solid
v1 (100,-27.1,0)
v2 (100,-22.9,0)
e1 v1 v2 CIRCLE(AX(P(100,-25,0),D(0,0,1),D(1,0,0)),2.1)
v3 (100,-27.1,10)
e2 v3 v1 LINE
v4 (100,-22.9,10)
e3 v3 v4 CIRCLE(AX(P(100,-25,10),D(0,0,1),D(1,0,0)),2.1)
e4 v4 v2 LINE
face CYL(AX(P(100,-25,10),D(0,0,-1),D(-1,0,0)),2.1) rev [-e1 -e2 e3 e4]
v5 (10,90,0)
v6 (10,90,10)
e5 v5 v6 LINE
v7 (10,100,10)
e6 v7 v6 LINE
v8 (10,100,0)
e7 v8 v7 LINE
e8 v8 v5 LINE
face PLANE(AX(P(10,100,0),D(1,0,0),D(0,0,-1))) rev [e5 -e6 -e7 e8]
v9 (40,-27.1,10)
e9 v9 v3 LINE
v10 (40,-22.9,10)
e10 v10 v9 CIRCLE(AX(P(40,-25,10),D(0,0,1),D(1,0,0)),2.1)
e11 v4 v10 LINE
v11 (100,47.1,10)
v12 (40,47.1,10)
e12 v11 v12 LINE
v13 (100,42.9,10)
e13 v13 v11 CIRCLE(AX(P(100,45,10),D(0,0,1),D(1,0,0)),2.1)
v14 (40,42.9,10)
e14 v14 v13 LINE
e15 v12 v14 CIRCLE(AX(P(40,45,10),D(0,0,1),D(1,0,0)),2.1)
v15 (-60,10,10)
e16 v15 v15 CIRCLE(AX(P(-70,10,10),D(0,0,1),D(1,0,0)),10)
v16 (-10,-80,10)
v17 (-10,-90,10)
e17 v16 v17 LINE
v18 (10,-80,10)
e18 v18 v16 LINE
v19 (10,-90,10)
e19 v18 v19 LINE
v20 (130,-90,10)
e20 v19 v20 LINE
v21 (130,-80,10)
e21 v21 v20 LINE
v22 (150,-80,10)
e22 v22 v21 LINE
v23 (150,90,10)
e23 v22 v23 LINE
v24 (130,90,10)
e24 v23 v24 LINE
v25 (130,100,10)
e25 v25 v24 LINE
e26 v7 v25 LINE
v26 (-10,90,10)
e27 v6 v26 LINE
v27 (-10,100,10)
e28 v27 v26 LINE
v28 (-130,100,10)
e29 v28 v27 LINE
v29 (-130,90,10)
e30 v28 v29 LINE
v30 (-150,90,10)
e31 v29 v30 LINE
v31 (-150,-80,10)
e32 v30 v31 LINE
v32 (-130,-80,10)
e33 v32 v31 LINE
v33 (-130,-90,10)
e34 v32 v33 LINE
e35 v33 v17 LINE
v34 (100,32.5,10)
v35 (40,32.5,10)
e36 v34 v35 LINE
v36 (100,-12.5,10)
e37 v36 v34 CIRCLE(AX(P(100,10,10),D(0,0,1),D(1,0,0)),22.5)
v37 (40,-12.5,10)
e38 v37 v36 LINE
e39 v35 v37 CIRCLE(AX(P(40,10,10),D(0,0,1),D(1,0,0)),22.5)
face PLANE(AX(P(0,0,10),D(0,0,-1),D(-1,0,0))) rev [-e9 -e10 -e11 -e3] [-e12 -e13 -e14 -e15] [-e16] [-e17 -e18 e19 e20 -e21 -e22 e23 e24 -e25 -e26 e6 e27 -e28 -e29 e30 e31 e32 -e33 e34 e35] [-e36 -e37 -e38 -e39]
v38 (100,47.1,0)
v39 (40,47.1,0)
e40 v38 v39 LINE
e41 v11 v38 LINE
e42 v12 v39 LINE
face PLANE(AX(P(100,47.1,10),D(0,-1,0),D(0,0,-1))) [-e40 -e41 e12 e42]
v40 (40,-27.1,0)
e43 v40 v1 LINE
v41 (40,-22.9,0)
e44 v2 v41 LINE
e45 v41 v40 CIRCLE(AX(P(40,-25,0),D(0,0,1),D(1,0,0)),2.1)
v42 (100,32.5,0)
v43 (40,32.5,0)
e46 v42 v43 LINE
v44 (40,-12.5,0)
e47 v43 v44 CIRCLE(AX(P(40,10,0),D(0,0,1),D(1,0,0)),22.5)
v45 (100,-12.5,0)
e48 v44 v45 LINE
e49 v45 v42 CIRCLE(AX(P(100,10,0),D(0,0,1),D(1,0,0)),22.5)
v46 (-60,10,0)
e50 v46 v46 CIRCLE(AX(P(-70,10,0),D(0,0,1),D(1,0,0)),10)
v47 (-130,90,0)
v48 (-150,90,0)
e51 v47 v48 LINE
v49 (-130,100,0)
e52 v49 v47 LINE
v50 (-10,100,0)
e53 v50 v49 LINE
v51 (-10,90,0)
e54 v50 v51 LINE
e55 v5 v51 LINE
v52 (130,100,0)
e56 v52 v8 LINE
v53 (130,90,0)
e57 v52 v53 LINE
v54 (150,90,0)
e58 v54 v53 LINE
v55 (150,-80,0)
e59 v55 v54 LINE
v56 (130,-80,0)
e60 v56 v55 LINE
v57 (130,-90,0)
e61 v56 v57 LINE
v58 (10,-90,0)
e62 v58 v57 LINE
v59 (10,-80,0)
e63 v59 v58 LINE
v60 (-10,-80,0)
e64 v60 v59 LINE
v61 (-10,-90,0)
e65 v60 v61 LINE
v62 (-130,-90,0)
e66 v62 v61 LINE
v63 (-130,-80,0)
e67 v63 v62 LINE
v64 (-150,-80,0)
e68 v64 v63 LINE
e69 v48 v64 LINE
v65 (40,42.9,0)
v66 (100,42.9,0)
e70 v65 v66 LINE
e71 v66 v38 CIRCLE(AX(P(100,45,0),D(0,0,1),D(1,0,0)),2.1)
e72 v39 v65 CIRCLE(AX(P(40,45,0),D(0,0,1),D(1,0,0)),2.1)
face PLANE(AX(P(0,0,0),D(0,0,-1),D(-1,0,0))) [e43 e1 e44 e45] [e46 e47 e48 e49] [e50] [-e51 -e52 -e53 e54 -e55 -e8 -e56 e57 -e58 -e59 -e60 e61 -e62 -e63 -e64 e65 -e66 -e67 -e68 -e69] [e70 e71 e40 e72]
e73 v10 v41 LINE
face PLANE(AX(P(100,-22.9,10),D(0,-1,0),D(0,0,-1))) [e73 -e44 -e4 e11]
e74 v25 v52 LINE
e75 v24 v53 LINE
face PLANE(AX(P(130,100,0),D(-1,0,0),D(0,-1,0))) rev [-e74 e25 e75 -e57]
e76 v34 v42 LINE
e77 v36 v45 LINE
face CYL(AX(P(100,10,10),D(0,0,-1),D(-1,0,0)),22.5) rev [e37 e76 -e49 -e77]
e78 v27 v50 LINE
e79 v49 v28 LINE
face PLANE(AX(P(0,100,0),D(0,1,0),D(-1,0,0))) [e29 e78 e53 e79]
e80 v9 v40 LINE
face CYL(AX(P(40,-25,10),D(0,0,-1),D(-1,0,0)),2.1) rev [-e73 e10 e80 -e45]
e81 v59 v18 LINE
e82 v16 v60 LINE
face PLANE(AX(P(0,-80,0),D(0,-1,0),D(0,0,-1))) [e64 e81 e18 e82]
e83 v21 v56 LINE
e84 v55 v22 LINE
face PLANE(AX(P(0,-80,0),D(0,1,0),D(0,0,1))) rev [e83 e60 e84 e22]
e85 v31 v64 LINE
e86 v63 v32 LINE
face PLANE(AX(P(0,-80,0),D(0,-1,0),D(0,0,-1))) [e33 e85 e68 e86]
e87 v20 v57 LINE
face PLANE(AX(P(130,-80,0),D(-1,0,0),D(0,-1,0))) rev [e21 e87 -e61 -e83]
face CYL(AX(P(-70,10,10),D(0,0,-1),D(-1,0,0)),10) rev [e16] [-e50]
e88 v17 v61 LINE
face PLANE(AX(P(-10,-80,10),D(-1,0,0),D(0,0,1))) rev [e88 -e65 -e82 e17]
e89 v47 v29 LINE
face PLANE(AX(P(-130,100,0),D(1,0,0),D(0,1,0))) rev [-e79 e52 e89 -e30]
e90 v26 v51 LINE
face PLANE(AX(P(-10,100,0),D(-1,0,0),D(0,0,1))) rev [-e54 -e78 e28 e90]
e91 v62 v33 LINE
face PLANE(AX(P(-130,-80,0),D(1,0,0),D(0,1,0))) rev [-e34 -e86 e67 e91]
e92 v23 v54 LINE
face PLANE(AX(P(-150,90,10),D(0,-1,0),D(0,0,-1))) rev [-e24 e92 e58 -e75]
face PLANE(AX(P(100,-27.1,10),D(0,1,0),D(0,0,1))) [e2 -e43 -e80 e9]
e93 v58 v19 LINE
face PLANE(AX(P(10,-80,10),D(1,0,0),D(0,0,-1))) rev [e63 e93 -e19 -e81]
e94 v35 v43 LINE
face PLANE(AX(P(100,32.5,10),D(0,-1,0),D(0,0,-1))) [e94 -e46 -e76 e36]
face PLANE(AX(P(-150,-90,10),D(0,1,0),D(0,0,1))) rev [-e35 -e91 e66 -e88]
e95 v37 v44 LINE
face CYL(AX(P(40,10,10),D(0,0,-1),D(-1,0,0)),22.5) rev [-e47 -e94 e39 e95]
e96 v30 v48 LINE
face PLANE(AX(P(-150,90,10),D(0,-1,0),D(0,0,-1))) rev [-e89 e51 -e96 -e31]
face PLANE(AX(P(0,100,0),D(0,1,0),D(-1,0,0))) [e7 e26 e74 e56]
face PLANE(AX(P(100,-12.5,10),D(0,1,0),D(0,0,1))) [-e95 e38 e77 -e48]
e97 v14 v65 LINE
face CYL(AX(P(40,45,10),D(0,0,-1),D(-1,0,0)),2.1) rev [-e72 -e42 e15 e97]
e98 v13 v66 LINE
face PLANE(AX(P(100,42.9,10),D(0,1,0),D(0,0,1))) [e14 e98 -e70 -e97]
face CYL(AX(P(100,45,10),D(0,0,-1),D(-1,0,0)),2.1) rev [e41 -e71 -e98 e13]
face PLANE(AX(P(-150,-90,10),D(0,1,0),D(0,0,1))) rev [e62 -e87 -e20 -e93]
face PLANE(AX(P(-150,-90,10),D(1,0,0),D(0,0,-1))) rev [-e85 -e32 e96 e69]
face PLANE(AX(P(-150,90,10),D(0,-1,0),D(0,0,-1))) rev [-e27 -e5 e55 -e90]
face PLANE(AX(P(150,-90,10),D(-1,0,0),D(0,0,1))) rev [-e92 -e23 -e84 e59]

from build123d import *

# Parameters (mm, degrees)
IZIM1_W                     = 300
IZIM1_H                     = 180
IZIM1_R                     = 10
Y_KSEKLIK_EKSTR_ZYON1_DEPTH = 10
IZIM3_W                     = 120
IZIM3_H                     = 10
Y_KSEKLIK_EKSTR_ZYON2_DEPTH = 10
IZIM4_W                     = 20
IZIM4_H                     = 10
KES_EKSTR_ZYON1_DEPTH       = 10


with BuildPart() as part:
    # Çizim1 → Yükseklik-Ekstrüzyon1 (new body)
    with BuildSketch(Plane.XY):
        Rectangle(IZIM1_W, IZIM1_H)
        with Locations((-70, 10)):
            Circle(IZIM1_R, mode=Mode.SUBTRACT)
        with BuildLine():
            Line((100, -12.5), (40, -12.5))
            ThreePointArc((40, -12.5), (17.5, 10), (40, 32.5))
            Line((40, 32.5), (100, 32.5))
            ThreePointArc((100, 32.5), (122.5, 10), (100, -12.5))
        make_face(mode=Mode.SUBTRACT)
        with BuildLine():
            Line((100, 42.9), (40, 42.9))
            ThreePointArc((40, 42.9), (37.9, 45), (40, 47.1))
            Line((40, 47.1), (100, 47.1))
            ThreePointArc((100, 47.1), (102.1, 45), (100, 42.9))
        make_face(mode=Mode.SUBTRACT)
        with BuildLine():
            Line((100, -27.1), (40, -27.1))
            ThreePointArc((40, -27.1), (37.9, -25), (40, -22.9))
            Line((40, -22.9), (100, -22.9))
            ThreePointArc((100, -22.9), (102.1, -25), (100, -27.1))
        make_face(mode=Mode.SUBTRACT)
    extrude(amount=Y_KSEKLIK_EKSTR_ZYON1_DEPTH)

    # Çizim3 → Yükseklik-Ekstrüzyon2 (add)
    with BuildSketch(Plane(origin=(0, 90, 0), x_dir=(1, 0, 0), z_dir=(0, 1, 0))):
        with Locations((70, -5)):
            Rectangle(IZIM3_W, IZIM3_H)
        with Locations((-70, -5)):
            Rectangle(IZIM3_W, IZIM3_H)
    extrude(amount=Y_KSEKLIK_EKSTR_ZYON2_DEPTH)

    # Çizim4 → Kes-Ekstrüzyon1 (cut)
    with BuildSketch(Plane.XZ.offset(90)):
        with Locations((140, 5)):
            Rectangle(IZIM4_W, IZIM4_H)
        with Locations((0, 5)):
            Rectangle(IZIM4_W, IZIM4_H)
        with Locations((-140, 5)):
            Rectangle(IZIM4_W, IZIM4_H)
    extrude(amount=-KES_EKSTR_ZYON1_DEPTH, mode=Mode.SUBTRACT)


solid = part.part
